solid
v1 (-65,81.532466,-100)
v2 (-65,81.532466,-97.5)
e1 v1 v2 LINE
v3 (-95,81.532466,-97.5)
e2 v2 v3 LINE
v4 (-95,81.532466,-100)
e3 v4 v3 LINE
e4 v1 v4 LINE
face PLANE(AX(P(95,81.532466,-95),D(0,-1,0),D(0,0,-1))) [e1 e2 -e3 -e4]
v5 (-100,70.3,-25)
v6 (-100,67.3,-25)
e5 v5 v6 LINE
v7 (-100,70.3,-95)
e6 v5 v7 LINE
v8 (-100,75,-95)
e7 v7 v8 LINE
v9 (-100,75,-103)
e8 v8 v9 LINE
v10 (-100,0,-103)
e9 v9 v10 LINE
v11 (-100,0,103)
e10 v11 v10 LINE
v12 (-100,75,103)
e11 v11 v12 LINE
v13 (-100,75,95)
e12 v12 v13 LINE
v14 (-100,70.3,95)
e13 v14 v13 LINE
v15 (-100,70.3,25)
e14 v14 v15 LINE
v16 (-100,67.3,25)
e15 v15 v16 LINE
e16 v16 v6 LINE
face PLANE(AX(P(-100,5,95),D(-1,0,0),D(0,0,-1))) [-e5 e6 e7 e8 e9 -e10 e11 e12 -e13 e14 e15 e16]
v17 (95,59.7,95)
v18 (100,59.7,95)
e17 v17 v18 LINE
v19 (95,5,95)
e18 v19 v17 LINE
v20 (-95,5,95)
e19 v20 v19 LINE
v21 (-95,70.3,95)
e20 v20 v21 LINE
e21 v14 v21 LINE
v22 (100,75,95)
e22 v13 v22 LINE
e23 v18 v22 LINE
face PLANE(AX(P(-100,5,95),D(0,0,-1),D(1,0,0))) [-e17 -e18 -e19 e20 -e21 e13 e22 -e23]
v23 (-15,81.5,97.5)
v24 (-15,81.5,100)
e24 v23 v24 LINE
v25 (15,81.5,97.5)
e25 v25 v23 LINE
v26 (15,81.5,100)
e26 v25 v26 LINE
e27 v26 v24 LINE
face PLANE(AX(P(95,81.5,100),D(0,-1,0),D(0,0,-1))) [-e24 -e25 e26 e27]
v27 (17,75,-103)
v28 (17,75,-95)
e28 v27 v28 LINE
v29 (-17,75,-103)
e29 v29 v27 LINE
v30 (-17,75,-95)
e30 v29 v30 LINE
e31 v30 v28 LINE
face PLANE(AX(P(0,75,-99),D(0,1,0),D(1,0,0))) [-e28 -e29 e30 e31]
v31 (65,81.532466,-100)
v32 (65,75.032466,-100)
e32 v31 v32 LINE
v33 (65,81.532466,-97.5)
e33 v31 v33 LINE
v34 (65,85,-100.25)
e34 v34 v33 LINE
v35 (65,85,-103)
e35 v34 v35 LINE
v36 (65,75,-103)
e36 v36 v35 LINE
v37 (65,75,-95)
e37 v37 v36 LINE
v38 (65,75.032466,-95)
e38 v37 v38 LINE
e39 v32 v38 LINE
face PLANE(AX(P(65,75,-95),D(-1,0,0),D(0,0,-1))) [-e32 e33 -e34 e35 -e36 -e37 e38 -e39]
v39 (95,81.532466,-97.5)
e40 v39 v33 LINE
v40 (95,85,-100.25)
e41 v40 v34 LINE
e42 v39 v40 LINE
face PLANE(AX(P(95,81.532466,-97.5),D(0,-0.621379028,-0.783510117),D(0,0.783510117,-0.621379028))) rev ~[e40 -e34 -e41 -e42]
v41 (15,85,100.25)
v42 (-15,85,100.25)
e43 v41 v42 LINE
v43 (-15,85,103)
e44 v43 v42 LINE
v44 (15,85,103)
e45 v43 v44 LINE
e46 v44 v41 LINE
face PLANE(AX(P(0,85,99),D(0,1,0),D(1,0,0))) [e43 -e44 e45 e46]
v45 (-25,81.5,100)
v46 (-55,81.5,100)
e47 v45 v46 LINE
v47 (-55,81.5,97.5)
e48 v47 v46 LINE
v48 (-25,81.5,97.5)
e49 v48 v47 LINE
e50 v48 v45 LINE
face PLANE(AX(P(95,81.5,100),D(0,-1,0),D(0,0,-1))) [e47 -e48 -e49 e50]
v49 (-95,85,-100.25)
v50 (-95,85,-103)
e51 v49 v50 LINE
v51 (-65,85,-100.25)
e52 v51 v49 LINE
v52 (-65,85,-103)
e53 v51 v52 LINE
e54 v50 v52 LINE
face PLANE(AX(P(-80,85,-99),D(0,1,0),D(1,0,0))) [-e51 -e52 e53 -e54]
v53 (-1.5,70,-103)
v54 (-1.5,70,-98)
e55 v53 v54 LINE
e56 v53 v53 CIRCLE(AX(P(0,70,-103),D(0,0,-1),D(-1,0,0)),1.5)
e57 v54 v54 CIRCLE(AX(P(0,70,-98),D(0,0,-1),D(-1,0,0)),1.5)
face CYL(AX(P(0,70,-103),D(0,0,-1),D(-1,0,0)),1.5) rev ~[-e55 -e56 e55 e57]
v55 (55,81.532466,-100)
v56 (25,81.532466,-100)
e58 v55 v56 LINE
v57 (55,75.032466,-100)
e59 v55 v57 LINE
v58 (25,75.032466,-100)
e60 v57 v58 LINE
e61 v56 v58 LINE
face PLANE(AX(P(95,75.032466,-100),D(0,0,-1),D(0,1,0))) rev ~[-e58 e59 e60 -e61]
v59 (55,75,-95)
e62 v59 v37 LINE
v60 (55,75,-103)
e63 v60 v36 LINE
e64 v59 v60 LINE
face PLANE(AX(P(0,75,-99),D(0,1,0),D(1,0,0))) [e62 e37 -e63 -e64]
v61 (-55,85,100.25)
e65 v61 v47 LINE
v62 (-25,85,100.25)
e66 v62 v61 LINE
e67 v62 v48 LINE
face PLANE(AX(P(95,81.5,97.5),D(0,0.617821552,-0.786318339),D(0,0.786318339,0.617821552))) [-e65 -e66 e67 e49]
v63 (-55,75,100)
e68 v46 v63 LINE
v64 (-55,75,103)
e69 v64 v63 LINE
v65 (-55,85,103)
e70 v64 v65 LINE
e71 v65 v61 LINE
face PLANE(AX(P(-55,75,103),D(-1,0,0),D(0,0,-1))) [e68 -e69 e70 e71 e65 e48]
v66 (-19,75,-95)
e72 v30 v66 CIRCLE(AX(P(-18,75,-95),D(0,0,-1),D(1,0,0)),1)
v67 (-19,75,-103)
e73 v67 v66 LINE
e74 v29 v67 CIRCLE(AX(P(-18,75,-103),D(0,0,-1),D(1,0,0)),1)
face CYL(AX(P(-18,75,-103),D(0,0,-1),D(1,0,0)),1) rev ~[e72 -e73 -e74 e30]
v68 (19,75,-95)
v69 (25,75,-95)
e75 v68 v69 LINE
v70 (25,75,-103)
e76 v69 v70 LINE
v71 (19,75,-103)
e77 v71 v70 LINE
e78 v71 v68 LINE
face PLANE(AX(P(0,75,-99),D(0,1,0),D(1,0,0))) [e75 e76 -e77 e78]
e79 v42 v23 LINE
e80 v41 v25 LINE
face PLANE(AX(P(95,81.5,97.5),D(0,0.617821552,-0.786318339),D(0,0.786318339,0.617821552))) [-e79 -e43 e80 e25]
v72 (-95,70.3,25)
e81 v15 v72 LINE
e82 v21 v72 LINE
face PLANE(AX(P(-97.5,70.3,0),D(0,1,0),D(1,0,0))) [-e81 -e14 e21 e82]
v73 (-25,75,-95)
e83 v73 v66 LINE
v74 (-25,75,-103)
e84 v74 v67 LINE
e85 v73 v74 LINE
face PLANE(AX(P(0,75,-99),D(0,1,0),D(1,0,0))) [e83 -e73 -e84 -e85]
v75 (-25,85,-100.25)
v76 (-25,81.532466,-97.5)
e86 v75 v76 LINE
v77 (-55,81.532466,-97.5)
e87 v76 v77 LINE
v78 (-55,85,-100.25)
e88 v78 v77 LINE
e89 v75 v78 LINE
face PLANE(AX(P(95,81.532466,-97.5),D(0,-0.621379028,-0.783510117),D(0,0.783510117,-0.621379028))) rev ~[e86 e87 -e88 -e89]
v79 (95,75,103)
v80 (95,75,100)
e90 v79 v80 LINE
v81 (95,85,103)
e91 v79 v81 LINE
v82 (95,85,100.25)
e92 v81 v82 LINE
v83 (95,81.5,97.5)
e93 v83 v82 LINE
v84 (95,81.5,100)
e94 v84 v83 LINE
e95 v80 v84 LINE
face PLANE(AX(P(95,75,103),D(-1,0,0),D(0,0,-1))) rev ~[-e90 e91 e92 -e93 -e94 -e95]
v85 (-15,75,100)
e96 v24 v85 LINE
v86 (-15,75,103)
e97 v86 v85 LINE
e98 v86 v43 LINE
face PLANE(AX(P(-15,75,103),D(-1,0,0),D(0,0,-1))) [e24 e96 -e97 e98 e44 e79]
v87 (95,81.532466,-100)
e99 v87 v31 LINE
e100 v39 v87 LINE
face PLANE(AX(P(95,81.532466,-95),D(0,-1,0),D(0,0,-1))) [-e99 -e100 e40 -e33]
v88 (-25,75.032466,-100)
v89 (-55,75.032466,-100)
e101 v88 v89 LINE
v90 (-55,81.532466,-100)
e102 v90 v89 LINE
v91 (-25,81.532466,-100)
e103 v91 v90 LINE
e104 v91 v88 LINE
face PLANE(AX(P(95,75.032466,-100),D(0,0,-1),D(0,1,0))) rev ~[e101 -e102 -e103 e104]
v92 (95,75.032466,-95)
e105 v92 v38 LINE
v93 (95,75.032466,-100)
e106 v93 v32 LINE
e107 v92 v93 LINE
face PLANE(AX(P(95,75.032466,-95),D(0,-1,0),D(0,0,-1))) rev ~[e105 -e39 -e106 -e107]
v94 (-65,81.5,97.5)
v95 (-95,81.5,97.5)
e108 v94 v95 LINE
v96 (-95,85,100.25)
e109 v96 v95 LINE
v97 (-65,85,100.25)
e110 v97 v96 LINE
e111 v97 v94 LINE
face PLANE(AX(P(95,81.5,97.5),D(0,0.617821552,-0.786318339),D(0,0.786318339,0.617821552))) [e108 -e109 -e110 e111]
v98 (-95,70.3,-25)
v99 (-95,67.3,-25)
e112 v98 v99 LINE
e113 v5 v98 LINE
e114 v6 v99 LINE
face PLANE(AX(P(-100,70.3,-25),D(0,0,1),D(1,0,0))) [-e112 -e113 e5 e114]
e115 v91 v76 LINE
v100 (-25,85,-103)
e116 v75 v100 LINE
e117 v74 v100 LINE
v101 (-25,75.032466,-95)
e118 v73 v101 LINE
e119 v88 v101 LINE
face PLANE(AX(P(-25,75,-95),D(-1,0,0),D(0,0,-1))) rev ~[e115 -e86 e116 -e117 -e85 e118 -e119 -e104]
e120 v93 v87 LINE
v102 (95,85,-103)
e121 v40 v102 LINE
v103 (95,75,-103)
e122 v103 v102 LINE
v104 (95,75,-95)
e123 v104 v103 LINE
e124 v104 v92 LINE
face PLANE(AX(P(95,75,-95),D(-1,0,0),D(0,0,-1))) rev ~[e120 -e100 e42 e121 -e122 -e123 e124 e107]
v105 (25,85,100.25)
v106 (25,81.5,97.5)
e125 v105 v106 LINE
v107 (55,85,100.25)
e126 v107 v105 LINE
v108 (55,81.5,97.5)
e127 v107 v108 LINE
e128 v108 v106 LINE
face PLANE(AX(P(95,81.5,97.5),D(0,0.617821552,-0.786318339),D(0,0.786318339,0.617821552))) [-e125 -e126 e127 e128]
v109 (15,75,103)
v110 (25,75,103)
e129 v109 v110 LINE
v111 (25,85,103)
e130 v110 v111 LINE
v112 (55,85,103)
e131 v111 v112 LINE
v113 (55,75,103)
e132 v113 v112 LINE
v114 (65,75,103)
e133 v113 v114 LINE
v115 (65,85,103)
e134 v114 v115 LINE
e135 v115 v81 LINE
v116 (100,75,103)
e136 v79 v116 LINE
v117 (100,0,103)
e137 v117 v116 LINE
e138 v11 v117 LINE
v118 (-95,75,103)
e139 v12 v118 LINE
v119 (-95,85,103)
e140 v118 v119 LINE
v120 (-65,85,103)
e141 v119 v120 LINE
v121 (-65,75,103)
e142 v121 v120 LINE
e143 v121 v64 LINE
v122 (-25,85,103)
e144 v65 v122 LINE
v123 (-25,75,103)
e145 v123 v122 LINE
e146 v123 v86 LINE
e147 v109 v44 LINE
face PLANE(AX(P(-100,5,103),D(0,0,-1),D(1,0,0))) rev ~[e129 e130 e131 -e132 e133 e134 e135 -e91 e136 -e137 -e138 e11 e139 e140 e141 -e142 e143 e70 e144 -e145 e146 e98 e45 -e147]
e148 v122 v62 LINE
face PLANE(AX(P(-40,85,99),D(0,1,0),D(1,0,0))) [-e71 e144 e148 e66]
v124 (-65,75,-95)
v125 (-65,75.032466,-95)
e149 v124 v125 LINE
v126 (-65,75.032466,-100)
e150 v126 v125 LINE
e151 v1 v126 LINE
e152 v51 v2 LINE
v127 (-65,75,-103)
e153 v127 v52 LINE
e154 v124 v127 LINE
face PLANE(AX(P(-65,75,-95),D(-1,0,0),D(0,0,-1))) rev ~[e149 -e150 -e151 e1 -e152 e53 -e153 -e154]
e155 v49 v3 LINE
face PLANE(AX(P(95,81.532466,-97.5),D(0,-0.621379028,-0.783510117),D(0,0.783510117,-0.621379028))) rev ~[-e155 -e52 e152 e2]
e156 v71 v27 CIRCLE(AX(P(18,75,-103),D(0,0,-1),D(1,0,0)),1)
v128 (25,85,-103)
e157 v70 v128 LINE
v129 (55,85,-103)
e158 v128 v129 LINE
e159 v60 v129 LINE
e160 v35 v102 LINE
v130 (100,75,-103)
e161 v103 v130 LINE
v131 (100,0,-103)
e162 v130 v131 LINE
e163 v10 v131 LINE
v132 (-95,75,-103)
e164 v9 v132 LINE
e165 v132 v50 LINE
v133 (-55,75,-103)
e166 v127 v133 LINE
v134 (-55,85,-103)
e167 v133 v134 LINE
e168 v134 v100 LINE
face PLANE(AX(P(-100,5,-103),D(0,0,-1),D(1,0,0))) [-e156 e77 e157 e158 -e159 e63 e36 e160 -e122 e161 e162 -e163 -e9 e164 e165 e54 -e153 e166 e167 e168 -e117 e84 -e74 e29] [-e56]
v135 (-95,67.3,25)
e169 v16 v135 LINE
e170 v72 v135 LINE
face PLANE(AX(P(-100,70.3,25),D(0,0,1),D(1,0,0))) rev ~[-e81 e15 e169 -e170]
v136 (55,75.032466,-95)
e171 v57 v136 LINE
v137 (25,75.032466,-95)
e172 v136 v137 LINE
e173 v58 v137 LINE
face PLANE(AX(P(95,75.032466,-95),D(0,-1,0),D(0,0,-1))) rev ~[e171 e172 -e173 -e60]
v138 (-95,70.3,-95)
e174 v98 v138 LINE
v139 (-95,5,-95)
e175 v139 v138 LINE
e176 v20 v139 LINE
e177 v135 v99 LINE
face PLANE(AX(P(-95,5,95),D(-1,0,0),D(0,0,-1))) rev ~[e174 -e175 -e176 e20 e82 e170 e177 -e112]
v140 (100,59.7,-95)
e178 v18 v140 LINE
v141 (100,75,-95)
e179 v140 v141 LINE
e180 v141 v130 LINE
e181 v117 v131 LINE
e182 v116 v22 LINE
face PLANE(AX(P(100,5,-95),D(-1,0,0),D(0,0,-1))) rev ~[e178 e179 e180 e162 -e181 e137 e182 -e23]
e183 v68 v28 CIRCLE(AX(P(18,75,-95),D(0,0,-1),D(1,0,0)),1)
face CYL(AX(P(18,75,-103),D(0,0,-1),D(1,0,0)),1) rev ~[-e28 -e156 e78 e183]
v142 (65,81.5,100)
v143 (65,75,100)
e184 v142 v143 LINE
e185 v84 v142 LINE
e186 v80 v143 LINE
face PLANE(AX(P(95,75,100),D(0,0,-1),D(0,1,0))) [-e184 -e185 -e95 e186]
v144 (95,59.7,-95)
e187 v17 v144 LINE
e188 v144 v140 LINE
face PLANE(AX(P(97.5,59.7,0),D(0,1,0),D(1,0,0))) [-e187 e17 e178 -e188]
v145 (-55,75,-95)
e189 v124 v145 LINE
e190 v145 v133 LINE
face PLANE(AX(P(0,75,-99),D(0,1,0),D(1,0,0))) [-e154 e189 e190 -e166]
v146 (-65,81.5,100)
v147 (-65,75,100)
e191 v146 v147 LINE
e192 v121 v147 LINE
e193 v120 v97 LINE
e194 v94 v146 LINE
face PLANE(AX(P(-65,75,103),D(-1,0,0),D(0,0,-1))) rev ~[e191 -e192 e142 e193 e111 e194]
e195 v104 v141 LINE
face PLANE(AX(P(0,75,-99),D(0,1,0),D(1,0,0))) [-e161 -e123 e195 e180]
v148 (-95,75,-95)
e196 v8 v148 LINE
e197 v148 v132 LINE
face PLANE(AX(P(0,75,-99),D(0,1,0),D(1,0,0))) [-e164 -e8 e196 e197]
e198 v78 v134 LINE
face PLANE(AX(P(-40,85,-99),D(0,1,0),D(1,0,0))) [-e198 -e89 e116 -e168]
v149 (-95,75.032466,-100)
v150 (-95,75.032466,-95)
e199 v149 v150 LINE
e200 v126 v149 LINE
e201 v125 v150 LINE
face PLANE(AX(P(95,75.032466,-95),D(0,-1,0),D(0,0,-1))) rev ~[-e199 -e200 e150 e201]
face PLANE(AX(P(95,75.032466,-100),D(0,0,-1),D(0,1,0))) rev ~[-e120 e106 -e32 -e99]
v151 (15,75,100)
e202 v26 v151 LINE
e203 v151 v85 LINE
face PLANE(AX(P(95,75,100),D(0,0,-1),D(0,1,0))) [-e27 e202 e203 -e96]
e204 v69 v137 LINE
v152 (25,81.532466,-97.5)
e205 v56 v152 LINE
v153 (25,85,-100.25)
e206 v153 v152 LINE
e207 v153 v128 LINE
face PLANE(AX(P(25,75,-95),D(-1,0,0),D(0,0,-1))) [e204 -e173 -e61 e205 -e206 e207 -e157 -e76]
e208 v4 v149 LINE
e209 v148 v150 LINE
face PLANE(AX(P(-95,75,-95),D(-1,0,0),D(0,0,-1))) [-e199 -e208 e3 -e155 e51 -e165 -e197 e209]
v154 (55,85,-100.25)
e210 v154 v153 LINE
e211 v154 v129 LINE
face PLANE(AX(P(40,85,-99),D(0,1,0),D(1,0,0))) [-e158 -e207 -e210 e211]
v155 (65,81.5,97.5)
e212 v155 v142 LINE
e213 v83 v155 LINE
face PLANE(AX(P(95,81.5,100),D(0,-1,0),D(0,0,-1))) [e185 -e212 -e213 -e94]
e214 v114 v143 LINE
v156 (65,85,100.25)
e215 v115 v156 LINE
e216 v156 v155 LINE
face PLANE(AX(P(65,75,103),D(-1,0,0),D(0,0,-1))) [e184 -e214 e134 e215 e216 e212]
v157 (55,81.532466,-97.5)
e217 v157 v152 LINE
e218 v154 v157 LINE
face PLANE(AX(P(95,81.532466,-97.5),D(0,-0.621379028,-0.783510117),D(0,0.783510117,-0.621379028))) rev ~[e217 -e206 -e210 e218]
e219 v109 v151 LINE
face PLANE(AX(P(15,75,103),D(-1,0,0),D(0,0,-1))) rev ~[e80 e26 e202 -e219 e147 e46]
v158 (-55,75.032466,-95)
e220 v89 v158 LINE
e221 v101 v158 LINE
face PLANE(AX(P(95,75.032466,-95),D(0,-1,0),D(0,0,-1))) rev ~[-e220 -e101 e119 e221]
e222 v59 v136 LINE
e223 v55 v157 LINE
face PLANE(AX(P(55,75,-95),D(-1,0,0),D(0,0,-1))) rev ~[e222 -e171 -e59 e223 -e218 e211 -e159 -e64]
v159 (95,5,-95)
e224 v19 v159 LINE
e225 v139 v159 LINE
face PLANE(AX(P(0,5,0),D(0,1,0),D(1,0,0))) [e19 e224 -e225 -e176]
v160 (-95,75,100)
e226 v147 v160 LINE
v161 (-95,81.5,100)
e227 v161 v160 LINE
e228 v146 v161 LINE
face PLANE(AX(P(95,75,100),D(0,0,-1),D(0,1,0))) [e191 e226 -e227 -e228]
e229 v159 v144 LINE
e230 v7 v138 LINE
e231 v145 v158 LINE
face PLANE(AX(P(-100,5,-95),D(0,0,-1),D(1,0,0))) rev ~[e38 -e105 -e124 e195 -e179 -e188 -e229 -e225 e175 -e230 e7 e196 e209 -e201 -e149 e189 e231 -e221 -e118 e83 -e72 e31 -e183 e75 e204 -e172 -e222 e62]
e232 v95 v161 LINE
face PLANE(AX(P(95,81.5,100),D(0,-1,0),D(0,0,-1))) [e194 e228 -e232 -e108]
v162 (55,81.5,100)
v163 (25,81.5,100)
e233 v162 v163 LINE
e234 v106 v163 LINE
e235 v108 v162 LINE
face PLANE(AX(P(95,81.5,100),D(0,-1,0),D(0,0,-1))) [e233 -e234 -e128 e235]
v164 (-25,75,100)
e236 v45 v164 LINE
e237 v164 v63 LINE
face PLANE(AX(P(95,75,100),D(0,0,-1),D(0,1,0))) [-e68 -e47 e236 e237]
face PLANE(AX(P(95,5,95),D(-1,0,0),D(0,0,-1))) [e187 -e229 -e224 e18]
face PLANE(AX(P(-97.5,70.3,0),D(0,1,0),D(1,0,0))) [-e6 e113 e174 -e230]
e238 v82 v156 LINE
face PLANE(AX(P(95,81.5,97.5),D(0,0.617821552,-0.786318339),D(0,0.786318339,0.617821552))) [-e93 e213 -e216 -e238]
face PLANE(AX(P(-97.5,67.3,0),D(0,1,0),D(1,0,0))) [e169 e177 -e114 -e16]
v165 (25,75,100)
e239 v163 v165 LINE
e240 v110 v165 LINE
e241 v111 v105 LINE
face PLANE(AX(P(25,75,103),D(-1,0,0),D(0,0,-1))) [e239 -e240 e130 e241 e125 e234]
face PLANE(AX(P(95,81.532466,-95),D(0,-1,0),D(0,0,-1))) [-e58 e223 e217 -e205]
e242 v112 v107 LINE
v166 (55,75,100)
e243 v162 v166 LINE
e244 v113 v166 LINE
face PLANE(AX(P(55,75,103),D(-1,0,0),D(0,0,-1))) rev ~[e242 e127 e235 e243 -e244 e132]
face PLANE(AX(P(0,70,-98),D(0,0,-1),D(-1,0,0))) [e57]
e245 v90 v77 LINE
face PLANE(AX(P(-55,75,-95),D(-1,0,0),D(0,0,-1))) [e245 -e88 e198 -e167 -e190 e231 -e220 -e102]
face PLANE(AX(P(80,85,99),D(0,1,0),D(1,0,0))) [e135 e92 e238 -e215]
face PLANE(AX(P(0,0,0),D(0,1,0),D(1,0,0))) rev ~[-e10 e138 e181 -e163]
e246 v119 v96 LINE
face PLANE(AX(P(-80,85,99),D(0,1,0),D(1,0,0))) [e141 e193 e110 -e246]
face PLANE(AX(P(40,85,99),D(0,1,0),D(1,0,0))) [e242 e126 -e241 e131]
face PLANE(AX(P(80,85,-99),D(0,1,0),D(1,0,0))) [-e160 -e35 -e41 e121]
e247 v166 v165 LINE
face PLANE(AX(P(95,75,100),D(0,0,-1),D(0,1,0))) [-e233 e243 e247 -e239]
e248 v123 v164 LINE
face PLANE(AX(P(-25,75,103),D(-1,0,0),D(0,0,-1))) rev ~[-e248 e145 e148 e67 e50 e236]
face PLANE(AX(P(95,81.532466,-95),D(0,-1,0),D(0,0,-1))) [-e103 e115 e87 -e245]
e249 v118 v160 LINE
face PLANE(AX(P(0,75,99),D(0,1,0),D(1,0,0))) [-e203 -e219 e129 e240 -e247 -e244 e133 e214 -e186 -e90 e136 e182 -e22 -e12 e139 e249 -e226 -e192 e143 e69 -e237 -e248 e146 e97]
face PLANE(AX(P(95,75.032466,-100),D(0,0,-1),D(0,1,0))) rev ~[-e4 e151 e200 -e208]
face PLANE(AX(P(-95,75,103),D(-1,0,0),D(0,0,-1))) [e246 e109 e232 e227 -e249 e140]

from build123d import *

# Parameters (mm, degrees)
SKETCH_1_W               = 200
SKETCH_1_H               = 206
EXTRUDE_2_DEPTH          = 5
SKETCH_2_W               = 200
SKETCH_2_H               = 8
EXTRUDE_3_DEPTH          = 70
SKETCH_3_W               = 5
SKETCH_3_H               = 190
EXTRUDE_4_DEPTH          = 54.7
SKETCH_4_W               = 200
SKETCH_4_H               = 8
EXTRUDE_5_DEPTH          = 70
SKETCH_14_W              = 5
SKETCH_14_H              = 190
EXTRUDE_7_DEPTH          = 65.3
SKETCH_15_W              = 5
SKETCH_15_H              = 50
CUT_EXTRUDE_7_DEPTH      = 3
CUT_EXTRUDE_8_DEPTH      = 1
CUT_EXTRUDE_8_DEPTH_BACK = 8
CUT_EXTRUDE_9_DEPTH      = 1
CUT_EXTRUDE_9_DEPTH_BACK = 8
SKETCH_19_R              = 1.5
CUT_EXTRUDE_10_DEPTH     = 5
SKETCH_21_W              = 30
SKETCH_21_H              = 8
EXTRUDE_8_DEPTH          = 10
SKETCH_24_W              = 5
SKETCH_24_H              = 6.5
CUT_EXTRUDE_11_DEPTH     = 196
SKETCH_25_W              = 2.5
SKETCH_25_H              = 3.5
CUT_EXTRUDE_12_DEPTH     = 196
CUT_EXTRUDE_13_DEPTH     = 196
SKETCH_27_W              = 5
SKETCH_27_H              = 6.5
CUT_EXTRUDE_14_DEPTH     = 196
SKETCH_28_W              = 2.5
SKETCH_28_H              = 3.467533866
CUT_EXTRUDE_15_DEPTH     = 196
CUT_EXTRUDE_16_DEPTH     = 196


with BuildPart() as part:
    # Эскиз1 → Бобышка-Вытянуть2 (new body)
    with BuildSketch(Plane(origin=(0, 0, 0), x_dir=(1, 0, 0), z_dir=(0, 1, 0))):
        Rectangle(SKETCH_1_W, SKETCH_1_H)
    extrude(amount=EXTRUDE_2_DEPTH)

    # Эскиз2 → Бобышка-Вытянуть3 (add)
    with BuildSketch(Plane(origin=(0, 5, 0), x_dir=(1, 0, 0), z_dir=(0, 1, 0))):
        with Locations((0, -99)):
            Rectangle(SKETCH_2_W, SKETCH_2_H)
    extrude(amount=EXTRUDE_3_DEPTH)

    # Эскиз3 → Бобышка-Вытянуть4 (add)
    with BuildSketch(Plane(origin=(0, 5, 0), x_dir=(1, 0, 0), z_dir=(0, 1, 0))):
        with Locations((97.5, 0)):
            Rectangle(SKETCH_3_W, SKETCH_3_H)
    extrude(amount=EXTRUDE_4_DEPTH)

    # Эскиз4 → Бобышка-Вытянуть5 (add)
    with BuildSketch(Plane(origin=(0, 5, 0), x_dir=(1, 0, 0), z_dir=(0, 1, 0))):
        with Locations((0, 99)):
            Rectangle(SKETCH_4_W, SKETCH_4_H)
    extrude(amount=EXTRUDE_5_DEPTH)

    # Эскиз14 → Бобышка-Вытянуть7 (add)
    with BuildSketch(Plane(origin=(0, 5, 0), x_dir=(1, 0, 0), z_dir=(0, 1, 0))):
        with Locations((-97.5, 0)):
            Rectangle(SKETCH_14_W, SKETCH_14_H)
    extrude(amount=EXTRUDE_7_DEPTH)

    # Эскиз15 → Вырез-Вытянуть7 (cut)
    with BuildSketch(Plane(origin=(0, 70.3, 0), x_dir=(1, 0, 0), z_dir=(0, 1, 0))):
        with Locations((-97.5, 0)):
            Rectangle(SKETCH_15_W, SKETCH_15_H)
    extrude(amount=-CUT_EXTRUDE_7_DEPTH, mode=Mode.SUBTRACT)

    # Эскиз16 → Вырез-Вытянуть8 (cut, two sides)
    with BuildSketch(Plane(origin=(0, 0, -103), x_dir=(-1, 0, 0), z_dir=(0, 0, -1))) as cut_extrude_8_sk:
        with BuildLine():
            Line((-19, 366.325434328), (-19, 75))
            ThreePointArc((-19, 75), (-18, 74), (-17, 75))
            Line((-17, 75), (-17, 366.325434328))
            Line((-17, 366.325434328), (-17, 948.976302985))
            Line((-17, 948.976302985), (-19, 948.976302985))
            Line((-19, 948.976302985), (-19, 366.325434328))
        make_face()
    extrude(amount=CUT_EXTRUDE_8_DEPTH, mode=Mode.SUBTRACT)
    extrude(cut_extrude_8_sk.sketch, amount=-CUT_EXTRUDE_8_DEPTH_BACK, mode=Mode.SUBTRACT)

    # Эскиз18 → Вырез-Вытянуть9 (cut, two sides)
    with BuildSketch(Plane(origin=(0, 0, -103), x_dir=(-1, 0, 0), z_dir=(0, 0, -1))) as cut_extrude_9_sk:
        with BuildLine():
            Line((17, 366.325434328), (17, 75))
            ThreePointArc((17, 75), (18, 74), (19, 75))
            Line((19, 75), (19, 366.325434328))
            Line((19, 366.325434328), (19, 948.976302985))
            Line((19, 948.976302985), (17, 948.976302985))
            Line((17, 948.976302985), (17, 366.325434328))
        make_face()
    extrude(amount=CUT_EXTRUDE_9_DEPTH, mode=Mode.SUBTRACT)
    extrude(cut_extrude_9_sk.sketch, amount=-CUT_EXTRUDE_9_DEPTH_BACK, mode=Mode.SUBTRACT)

    # Эскиз19 → Вырез-Вытянуть10 (cut)
    with BuildSketch(Plane(origin=(0, 0, -103), x_dir=(-1, 0, 0), z_dir=(0, 0, -1))):
        with Locations((0, 70)):
            Circle(SKETCH_19_R)
    extrude(amount=-CUT_EXTRUDE_10_DEPTH, mode=Mode.SUBTRACT)

    # Эскиз21 → Бобышка-Вытянуть8 (add)
    with BuildSketch(Plane(origin=(0, 75, 0), x_dir=(1, 0, 0), z_dir=(0, 1, 0))):
        with Locations((-80, -99)):
            Rectangle(SKETCH_21_W, SKETCH_21_H)
        with Locations((-40, -99)):
            Rectangle(SKETCH_21_W, SKETCH_21_H)
        with Locations((0, -99)):
            Rectangle(SKETCH_21_W, SKETCH_21_H)
        with Locations((40, -99)):
            Rectangle(SKETCH_21_W, SKETCH_21_H)
        with Locations((80, -99)):
            Rectangle(SKETCH_21_W, SKETCH_21_H)
        with Locations((80, 99)):
            Rectangle(SKETCH_21_W, SKETCH_21_H)
        with Locations((40, 99)):
            Rectangle(SKETCH_21_W, SKETCH_21_H)
        with Locations((-40, 99)):
            Rectangle(SKETCH_21_W, SKETCH_21_H)
        with Locations((-80, 99)):
            Rectangle(SKETCH_21_W, SKETCH_21_H)
    extrude(amount=EXTRUDE_8_DEPTH)

    # Эскиз24 → Вырез-Вытянуть11 (cut, through all)
    with BuildSketch(Plane(origin=(95, 0, 0), x_dir=(0, 0, -1), z_dir=(1, 0, 0))):
        with Locations((-97.5, 78.25)):
            Rectangle(SKETCH_24_W, SKETCH_24_H)
    extrude(amount=-CUT_EXTRUDE_11_DEPTH, mode=Mode.SUBTRACT)

    # Эскиз25 → Вырез-Вытянуть12 (cut, through all)
    with BuildSketch(Plane(origin=(95, 0, 0), x_dir=(0, 0, -1), z_dir=(1, 0, 0))):
        with Locations((-96.25, 83.25)):
            Rectangle(SKETCH_25_W, SKETCH_25_H)
    extrude(amount=-CUT_EXTRUDE_12_DEPTH, mode=Mode.SUBTRACT)

    # Эскиз26 → Вырез-Вытянуть13 (cut, through all)
    with BuildSketch(Plane(origin=(95, 0, 0), x_dir=(0, 0, -1), z_dir=(1, 0, 0))):
        Polygon((-97.5, 81.5), (-100.25, 85), (-97.5, 85), align=None)
    extrude(amount=-CUT_EXTRUDE_13_DEPTH, mode=Mode.SUBTRACT)

    # Эскиз27 → Вырез-Вытянуть14 (cut, through all)
    with BuildSketch(Plane(origin=(95, 0, 0), x_dir=(0, 0, -1), z_dir=(1, 0, 0))):
        with Locations((97.5, 78.282466134)):
            Rectangle(SKETCH_27_W, SKETCH_27_H)
    extrude(amount=-CUT_EXTRUDE_14_DEPTH, mode=Mode.SUBTRACT)

    # Эскиз28 → Вырез-Вытянуть15 (cut, through all)
    with BuildSketch(Plane(origin=(95, 0, 0), x_dir=(0, 0, -1), z_dir=(1, 0, 0))):
        with Locations((96.25, 83.266233067)):
            Rectangle(SKETCH_28_W, SKETCH_28_H)
    extrude(amount=-CUT_EXTRUDE_15_DEPTH, mode=Mode.SUBTRACT)

    # Эскиз29 → Вырез-Вытянуть16 (cut, through all)
    with BuildSketch(Plane(origin=(95, 0, 0), x_dir=(0, 0, -1), z_dir=(1, 0, 0))):
        Polygon((97.5, 81.532466134), (100.25, 85), (97.5, 85), align=None)
    extrude(amount=-CUT_EXTRUDE_16_DEPTH, mode=Mode.SUBTRACT)


solid = part.part
